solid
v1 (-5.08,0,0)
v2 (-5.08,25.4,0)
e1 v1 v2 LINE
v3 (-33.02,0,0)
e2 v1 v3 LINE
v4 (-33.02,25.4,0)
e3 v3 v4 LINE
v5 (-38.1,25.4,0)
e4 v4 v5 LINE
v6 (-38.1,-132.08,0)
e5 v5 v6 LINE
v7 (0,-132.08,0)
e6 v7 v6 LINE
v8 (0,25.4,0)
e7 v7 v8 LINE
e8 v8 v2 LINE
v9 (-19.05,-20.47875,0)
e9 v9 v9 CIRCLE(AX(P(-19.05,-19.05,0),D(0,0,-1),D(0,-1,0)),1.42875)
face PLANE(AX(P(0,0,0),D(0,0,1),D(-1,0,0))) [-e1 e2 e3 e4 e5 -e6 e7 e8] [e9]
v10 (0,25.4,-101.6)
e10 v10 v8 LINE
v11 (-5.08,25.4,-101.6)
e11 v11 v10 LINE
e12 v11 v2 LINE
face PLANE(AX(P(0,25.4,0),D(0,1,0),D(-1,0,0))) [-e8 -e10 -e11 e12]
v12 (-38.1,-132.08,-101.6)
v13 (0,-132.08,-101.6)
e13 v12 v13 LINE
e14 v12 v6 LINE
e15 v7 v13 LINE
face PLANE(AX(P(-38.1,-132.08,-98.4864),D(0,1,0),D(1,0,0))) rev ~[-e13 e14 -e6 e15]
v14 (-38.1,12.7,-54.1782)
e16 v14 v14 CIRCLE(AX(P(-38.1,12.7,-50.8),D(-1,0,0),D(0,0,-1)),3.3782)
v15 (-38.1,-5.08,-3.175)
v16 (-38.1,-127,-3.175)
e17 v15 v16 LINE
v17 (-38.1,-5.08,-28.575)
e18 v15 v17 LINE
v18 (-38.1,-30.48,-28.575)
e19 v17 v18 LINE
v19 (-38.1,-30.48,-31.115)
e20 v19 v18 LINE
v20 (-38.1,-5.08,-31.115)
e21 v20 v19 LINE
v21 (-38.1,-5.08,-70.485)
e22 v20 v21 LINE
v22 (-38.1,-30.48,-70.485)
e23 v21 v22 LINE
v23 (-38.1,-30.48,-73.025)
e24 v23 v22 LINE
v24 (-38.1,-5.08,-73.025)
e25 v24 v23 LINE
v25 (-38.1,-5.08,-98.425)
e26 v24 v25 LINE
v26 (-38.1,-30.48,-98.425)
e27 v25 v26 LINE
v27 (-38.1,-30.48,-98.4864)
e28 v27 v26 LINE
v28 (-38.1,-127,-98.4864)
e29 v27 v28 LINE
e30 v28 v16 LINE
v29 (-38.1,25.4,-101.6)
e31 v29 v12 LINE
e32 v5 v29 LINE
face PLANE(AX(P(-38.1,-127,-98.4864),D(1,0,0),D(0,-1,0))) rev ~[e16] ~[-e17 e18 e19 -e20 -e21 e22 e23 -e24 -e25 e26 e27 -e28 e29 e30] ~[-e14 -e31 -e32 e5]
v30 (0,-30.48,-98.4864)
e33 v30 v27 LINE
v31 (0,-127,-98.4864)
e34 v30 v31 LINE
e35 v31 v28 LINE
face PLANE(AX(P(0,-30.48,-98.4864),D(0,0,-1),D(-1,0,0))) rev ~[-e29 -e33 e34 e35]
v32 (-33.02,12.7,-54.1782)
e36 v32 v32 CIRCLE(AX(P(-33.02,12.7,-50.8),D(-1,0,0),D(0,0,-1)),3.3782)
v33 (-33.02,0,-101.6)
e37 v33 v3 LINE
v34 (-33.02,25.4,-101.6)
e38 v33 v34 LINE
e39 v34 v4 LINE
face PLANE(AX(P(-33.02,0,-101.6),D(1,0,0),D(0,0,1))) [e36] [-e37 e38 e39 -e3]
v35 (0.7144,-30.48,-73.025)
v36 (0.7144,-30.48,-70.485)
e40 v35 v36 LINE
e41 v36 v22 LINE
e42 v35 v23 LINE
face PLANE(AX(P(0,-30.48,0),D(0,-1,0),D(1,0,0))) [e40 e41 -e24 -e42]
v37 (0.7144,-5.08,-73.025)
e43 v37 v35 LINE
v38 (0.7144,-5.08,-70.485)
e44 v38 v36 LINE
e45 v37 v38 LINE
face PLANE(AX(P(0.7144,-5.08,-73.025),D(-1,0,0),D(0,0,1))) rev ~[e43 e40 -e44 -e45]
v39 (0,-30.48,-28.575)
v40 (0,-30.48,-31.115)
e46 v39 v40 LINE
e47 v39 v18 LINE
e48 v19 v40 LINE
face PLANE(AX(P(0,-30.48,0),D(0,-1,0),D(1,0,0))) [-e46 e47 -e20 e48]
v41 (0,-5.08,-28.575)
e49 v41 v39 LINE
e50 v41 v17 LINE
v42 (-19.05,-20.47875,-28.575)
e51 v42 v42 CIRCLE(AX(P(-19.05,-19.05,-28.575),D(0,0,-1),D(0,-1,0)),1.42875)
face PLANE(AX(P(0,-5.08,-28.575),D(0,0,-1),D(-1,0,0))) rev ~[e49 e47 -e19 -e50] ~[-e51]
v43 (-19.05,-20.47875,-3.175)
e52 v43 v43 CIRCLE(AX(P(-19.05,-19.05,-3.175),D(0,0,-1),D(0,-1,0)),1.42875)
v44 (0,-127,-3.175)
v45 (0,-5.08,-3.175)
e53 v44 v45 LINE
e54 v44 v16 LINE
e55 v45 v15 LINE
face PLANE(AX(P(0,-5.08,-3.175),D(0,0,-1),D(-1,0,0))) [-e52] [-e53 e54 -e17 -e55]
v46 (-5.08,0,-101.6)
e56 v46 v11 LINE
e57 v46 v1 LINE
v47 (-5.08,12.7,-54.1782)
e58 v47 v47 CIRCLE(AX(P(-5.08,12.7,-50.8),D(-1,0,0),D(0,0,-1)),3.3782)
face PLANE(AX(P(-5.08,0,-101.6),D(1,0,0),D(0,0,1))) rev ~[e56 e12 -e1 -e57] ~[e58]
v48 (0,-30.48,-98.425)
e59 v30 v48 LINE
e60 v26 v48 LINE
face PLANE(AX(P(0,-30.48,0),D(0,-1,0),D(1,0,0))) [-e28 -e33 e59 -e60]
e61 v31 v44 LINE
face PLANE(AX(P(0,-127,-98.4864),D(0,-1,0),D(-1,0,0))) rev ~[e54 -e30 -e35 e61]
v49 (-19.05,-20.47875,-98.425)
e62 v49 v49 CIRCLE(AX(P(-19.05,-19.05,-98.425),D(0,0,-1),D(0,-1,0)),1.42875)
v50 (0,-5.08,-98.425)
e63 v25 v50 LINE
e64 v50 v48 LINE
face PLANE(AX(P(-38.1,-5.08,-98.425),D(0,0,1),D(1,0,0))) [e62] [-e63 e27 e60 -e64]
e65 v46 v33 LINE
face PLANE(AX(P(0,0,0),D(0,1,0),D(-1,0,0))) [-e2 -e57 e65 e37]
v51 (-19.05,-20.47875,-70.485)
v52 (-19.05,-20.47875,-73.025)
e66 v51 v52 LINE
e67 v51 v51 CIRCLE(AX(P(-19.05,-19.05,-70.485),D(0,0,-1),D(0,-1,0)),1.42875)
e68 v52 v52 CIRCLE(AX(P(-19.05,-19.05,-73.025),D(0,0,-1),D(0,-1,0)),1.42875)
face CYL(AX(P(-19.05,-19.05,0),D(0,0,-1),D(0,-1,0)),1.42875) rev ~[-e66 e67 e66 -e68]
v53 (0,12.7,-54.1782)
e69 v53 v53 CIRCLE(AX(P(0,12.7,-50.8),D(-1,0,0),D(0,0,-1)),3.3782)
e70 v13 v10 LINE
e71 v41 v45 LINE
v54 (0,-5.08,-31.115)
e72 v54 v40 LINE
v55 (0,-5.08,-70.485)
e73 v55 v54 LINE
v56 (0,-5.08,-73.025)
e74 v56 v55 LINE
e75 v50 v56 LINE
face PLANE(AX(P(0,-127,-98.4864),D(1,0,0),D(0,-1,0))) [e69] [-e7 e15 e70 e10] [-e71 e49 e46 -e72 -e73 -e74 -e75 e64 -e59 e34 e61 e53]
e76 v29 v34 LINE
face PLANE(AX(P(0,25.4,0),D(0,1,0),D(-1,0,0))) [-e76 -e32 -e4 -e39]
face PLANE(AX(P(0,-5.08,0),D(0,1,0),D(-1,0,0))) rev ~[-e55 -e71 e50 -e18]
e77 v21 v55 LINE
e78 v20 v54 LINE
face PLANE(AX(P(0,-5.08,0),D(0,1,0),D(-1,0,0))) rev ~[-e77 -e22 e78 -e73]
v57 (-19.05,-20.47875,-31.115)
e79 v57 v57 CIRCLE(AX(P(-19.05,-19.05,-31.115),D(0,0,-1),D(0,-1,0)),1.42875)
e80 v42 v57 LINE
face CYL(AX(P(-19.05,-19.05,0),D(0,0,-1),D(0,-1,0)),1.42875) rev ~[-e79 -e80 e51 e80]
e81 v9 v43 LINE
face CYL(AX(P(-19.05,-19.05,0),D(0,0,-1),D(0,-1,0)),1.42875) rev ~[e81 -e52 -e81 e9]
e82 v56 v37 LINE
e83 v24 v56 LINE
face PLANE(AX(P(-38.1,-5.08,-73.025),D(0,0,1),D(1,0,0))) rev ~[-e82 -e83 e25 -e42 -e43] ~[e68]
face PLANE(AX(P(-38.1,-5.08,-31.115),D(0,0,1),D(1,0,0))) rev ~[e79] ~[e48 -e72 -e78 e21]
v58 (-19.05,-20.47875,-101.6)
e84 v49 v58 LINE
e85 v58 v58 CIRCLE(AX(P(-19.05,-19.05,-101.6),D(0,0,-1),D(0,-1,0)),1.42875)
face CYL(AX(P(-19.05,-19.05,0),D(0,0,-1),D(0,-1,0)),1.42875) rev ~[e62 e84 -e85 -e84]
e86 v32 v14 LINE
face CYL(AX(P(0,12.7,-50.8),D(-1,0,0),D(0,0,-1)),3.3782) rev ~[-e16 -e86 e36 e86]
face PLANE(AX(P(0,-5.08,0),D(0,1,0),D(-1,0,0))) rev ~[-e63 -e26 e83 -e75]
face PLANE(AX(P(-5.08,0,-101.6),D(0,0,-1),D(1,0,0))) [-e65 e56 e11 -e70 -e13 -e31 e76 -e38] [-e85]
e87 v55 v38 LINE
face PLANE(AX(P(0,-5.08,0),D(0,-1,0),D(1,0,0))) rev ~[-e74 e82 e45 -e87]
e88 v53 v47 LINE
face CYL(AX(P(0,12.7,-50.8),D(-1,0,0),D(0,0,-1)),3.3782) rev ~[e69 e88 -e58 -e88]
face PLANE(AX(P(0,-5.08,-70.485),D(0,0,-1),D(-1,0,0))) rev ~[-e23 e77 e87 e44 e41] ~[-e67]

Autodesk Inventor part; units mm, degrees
ref_plane "YZ Plane" through (0, 0, 0) normal (1, 0, 0) x (0, 1, 0)
ref_plane "XZ Plane" through (0, 0, 0) normal (0, 1, 0) x (-1, 0, 0)
ref_plane "XY Plane" through (0, 0, 0) normal (0, 0, 1) x (1, 0, 0)
sketch "Sketch1" plane through (0, 0, 0) normal (0, 1, 0) x (-1, 0, 0)
  line L0 (0, 0) -> (38.1, 0)
  line L1 (38.1, 0) -> (38.1, -101.6)
  line L2 (38.1, -101.6) -> (0, -101.6)
  line L3 (0, -101.6) -> (0, 0)
  line L4 (38.1, -101.6) -> (33.02, -101.6)
  line L5 (33.02, -101.6) -> (33.02, 0)
  line L6 (33.02, 0) -> (38.1, 0)
  line L7 (38.1, 0) -> (38.1, -101.6)
  line L8 (0, -101.6) -> (5.08, -101.6)
  line L9 (5.08, -101.6) -> (5.08, 0)
  line L10 (5.08, 0) -> (0, 0)
  line L11 (0, 0) -> (0, -101.6)
  dimension "d0" = 38.1
  dimension "d1" = 101.6
  dimension "d2" = 5.08
  dimension "d3" = 5.08
extrude "Extrusion1" add sketch "Sketch1" along normal blind 25.4 contours L0 L9 L2 L3 | L0 L1 L2 L5
extrude "Extrusion2" add sketch "Sketch1" against normal blind 5.08
sketch "Sketch2" plane through (0, 25.4, 0) normal (1, 0, 0) x (0, 0, -1)
  line L0 (101.6, 0) -> (0, 0) projected
  line L1 (50.8, 0) -> (50.8, -12.7)
  point P0 (0, -25.4)
  dimension "d8" = 12.7
hole "Hole1" at (0, 12.7, -50.8) direction (-1, 0, 0) diameter 6.7564 end through all clearance for "Socket Head Cap Screw" size "1/4" standard "Ansi Unified Screw Threads"
sketch "Sketch3" plane through (0, -5.08, 0) normal (0, -1, 0) x (1, 0, 0)
  line L0 (0, -101.6) -> (-5.08, -101.6) projected
  line L1 (0, -101.6) -> (0, -88.9)
  line L2 (0, 0) -> (0, -101.6) projected
  line L3 (0, -88.9) -> (0, -63.5)
  line L4 (0, -88.9) -> (-19.05, -88.9)
  line L5 (0, -63.5) -> (-19.05, -63.5)
  line L6 (-38.1, -101.6) -> (-38.1, 0) projected
  line L7 (0, -90.4875) -> (-38.1, -90.4875)
  line L8 (-38.1, -90.4875) -> (-38.1, -87.3125)
  line L9 (-38.1, -87.3125) -> (0, -87.3125)
  line L10 (0, -87.3125) -> (0, -90.4875)
  line L11 (0, -90.4875) -> (-38.1, -87.3125) construction
  line L12 (-38.1, -90.4875) -> (0, -87.3125) construction
  line L13 (0, -61.9125) -> (-38.1, -61.9125)
  line L14 (-38.1, -61.9125) -> (-38.1, -65.0875)
  line L15 (-38.1, -65.0875) -> (0, -65.0875)
  line L16 (0, -65.0875) -> (0, -61.9125)
  line L17 (0, -61.9125) -> (-38.1, -65.0875) construction
  line L18 (-38.1, -61.9125) -> (0, -65.0875) construction
  line L19 (-38.1, 0) -> (-38.1, -101.6) projected
  line L20 (-38.1, 0) -> (0, 0)
  line L21 (0, 0) -> (0, -3.175)
  line L22 (0, -3.175) -> (-38.1, -3.175)
  line L23 (-38.1, -3.175) -> (-38.1, 0)
  line L24 (0, -101.6) -> (-38.1, -101.6)
  line L25 (-38.1, -101.6) -> (-38.1, -98.425)
  line L26 (-38.1, -98.425) -> (0, -98.425)
  line L27 (0, -98.425) -> (0, -101.6)
  line L28 (0, -3.175) -> (0, -28.575)
  line L29 (-38.1, -98.425) -> (-38.1, -73.025)
  line L30 (-38.1, -98.425) -> (-12.7, -98.425) construction
  line L31 (0, -28.575) -> (-38.1, -28.575)
  line L32 (-38.1, -28.575) -> (-38.1, -31.115)
  line L33 (-38.1, -31.115) -> (0, -31.115)
  line L34 (0, -31.115) -> (0, -28.575)
  line L35 (-38.1, -73.025) -> (0.7144, -73.025)
  line L36 (0.7144, -73.025) -> (0.7144, -70.485)
  line L37 (0.7144, -70.485) -> (-38.1, -70.485)
  line L38 (-38.1, -70.485) -> (-38.1, -73.025)
  point P0 (0, -65.0875)
  point P1 (0, -61.9125)
  point P2 (0, -87.3125)
  point P3 (-38.1, -90.4875)
  point P4 (0, -90.4875)
  point P5 (0, -98.425)
  point P6 (-38.1, -98.425)
  point P7 (0, -31.115)
  dimension "d16" = 12.7
  dimension "d17" = 25.4
  dimension "d18" = 19.05
  dimension "d19" = 3.175
  dimension "d20" = 3.175
  dimension "d32" = 3.175
  dimension "d33" = 3.175
  dimension "d34" = 25.4
  dimension "d35" = 25.4
  dimension "d36" = 90
  dimension "d37" = 2.54
  dimension "d38" = 2.54
extrude "Extrusion3" add sketch "Sketch3" along normal blind 25.4 contours L0 L24 L6 L26 L1 | L35 L6 L37 L2 | L2 L37 L36 L35 | L6 L31 L2 L33 | L6 L20 L2 L22
sketch "Sketch4" plane through (-38.1, -5.08, 0) normal (0, 0, 1) x (1, 0, 0)
  line L0 (38.1, -25.4) -> (19.05, -25.4)
  line L1 (19.05, -25.4) -> (19.05, -13.97)
  point P0 (38.1, 5.08)
  dimension "d23" = 11.43
hole "Hole2" at (-19.05, -19.05, 0) direction (0, 0, -1) diameter 2.8575 end through all
sketch "Sketch5" plane through (0, -30.48, 0) normal (0, -1, 0) x (1, 0, 0)
  line L0 (-38.1, -3.175) -> (-38.1, -28.575) projected
  line L1 (0, 0) -> (-38.1, 0)
  line L2 (-38.1, 0) -> (-38.1, -3.175)
  line L3 (-38.1, -3.175) -> (0, -3.175)
  line L4 (0, -3.175) -> (0, 0)
  line L5 (-38.1, -101.6) -> (-38.1, 0) projected
  line L6 (0, 0) -> (0, -101.6) projected
  line L7 (-38.1, -101.6) -> (0, -101.6)
  line L8 (0, -101.6) -> (0, -98.4864)
  line L9 (0, -98.4864) -> (-38.1, -98.4864)
  line L10 (-38.1, -98.4864) -> (-38.1, -101.6)
extrude "Extrusion4" add sketch "Sketch5" along normal blind 101.6 contours L2 L1 L4 L3 | L9 L6 L7 L5
sketch "Sketch6" plane through (-38.1, -30.48, -98.4864) normal (0, 0, 1) x (1, 0, 0)
  line L0 (0, 55.88) -> (0, -101.6) projected
  line L1 (38.1, 0) -> (38.1, -101.6) projected
  line L2 (0, -101.6) -> (38.1, -101.6)
  line L3 (38.1, -101.6) -> (38.1, -96.52)
  line L4 (38.1, -96.52) -> (0, -96.52)
  line L5 (0, -96.52) -> (0, -101.6)
  point P0 (38.1, 30.48)
  dimension "d41" = 5.08
extrude "Extrusion5" add sketch "Sketch6" along normal blind 96.52
properties part number "Sample Holder end for 8020-thruhole-widestance-long-withoverheadcam"
